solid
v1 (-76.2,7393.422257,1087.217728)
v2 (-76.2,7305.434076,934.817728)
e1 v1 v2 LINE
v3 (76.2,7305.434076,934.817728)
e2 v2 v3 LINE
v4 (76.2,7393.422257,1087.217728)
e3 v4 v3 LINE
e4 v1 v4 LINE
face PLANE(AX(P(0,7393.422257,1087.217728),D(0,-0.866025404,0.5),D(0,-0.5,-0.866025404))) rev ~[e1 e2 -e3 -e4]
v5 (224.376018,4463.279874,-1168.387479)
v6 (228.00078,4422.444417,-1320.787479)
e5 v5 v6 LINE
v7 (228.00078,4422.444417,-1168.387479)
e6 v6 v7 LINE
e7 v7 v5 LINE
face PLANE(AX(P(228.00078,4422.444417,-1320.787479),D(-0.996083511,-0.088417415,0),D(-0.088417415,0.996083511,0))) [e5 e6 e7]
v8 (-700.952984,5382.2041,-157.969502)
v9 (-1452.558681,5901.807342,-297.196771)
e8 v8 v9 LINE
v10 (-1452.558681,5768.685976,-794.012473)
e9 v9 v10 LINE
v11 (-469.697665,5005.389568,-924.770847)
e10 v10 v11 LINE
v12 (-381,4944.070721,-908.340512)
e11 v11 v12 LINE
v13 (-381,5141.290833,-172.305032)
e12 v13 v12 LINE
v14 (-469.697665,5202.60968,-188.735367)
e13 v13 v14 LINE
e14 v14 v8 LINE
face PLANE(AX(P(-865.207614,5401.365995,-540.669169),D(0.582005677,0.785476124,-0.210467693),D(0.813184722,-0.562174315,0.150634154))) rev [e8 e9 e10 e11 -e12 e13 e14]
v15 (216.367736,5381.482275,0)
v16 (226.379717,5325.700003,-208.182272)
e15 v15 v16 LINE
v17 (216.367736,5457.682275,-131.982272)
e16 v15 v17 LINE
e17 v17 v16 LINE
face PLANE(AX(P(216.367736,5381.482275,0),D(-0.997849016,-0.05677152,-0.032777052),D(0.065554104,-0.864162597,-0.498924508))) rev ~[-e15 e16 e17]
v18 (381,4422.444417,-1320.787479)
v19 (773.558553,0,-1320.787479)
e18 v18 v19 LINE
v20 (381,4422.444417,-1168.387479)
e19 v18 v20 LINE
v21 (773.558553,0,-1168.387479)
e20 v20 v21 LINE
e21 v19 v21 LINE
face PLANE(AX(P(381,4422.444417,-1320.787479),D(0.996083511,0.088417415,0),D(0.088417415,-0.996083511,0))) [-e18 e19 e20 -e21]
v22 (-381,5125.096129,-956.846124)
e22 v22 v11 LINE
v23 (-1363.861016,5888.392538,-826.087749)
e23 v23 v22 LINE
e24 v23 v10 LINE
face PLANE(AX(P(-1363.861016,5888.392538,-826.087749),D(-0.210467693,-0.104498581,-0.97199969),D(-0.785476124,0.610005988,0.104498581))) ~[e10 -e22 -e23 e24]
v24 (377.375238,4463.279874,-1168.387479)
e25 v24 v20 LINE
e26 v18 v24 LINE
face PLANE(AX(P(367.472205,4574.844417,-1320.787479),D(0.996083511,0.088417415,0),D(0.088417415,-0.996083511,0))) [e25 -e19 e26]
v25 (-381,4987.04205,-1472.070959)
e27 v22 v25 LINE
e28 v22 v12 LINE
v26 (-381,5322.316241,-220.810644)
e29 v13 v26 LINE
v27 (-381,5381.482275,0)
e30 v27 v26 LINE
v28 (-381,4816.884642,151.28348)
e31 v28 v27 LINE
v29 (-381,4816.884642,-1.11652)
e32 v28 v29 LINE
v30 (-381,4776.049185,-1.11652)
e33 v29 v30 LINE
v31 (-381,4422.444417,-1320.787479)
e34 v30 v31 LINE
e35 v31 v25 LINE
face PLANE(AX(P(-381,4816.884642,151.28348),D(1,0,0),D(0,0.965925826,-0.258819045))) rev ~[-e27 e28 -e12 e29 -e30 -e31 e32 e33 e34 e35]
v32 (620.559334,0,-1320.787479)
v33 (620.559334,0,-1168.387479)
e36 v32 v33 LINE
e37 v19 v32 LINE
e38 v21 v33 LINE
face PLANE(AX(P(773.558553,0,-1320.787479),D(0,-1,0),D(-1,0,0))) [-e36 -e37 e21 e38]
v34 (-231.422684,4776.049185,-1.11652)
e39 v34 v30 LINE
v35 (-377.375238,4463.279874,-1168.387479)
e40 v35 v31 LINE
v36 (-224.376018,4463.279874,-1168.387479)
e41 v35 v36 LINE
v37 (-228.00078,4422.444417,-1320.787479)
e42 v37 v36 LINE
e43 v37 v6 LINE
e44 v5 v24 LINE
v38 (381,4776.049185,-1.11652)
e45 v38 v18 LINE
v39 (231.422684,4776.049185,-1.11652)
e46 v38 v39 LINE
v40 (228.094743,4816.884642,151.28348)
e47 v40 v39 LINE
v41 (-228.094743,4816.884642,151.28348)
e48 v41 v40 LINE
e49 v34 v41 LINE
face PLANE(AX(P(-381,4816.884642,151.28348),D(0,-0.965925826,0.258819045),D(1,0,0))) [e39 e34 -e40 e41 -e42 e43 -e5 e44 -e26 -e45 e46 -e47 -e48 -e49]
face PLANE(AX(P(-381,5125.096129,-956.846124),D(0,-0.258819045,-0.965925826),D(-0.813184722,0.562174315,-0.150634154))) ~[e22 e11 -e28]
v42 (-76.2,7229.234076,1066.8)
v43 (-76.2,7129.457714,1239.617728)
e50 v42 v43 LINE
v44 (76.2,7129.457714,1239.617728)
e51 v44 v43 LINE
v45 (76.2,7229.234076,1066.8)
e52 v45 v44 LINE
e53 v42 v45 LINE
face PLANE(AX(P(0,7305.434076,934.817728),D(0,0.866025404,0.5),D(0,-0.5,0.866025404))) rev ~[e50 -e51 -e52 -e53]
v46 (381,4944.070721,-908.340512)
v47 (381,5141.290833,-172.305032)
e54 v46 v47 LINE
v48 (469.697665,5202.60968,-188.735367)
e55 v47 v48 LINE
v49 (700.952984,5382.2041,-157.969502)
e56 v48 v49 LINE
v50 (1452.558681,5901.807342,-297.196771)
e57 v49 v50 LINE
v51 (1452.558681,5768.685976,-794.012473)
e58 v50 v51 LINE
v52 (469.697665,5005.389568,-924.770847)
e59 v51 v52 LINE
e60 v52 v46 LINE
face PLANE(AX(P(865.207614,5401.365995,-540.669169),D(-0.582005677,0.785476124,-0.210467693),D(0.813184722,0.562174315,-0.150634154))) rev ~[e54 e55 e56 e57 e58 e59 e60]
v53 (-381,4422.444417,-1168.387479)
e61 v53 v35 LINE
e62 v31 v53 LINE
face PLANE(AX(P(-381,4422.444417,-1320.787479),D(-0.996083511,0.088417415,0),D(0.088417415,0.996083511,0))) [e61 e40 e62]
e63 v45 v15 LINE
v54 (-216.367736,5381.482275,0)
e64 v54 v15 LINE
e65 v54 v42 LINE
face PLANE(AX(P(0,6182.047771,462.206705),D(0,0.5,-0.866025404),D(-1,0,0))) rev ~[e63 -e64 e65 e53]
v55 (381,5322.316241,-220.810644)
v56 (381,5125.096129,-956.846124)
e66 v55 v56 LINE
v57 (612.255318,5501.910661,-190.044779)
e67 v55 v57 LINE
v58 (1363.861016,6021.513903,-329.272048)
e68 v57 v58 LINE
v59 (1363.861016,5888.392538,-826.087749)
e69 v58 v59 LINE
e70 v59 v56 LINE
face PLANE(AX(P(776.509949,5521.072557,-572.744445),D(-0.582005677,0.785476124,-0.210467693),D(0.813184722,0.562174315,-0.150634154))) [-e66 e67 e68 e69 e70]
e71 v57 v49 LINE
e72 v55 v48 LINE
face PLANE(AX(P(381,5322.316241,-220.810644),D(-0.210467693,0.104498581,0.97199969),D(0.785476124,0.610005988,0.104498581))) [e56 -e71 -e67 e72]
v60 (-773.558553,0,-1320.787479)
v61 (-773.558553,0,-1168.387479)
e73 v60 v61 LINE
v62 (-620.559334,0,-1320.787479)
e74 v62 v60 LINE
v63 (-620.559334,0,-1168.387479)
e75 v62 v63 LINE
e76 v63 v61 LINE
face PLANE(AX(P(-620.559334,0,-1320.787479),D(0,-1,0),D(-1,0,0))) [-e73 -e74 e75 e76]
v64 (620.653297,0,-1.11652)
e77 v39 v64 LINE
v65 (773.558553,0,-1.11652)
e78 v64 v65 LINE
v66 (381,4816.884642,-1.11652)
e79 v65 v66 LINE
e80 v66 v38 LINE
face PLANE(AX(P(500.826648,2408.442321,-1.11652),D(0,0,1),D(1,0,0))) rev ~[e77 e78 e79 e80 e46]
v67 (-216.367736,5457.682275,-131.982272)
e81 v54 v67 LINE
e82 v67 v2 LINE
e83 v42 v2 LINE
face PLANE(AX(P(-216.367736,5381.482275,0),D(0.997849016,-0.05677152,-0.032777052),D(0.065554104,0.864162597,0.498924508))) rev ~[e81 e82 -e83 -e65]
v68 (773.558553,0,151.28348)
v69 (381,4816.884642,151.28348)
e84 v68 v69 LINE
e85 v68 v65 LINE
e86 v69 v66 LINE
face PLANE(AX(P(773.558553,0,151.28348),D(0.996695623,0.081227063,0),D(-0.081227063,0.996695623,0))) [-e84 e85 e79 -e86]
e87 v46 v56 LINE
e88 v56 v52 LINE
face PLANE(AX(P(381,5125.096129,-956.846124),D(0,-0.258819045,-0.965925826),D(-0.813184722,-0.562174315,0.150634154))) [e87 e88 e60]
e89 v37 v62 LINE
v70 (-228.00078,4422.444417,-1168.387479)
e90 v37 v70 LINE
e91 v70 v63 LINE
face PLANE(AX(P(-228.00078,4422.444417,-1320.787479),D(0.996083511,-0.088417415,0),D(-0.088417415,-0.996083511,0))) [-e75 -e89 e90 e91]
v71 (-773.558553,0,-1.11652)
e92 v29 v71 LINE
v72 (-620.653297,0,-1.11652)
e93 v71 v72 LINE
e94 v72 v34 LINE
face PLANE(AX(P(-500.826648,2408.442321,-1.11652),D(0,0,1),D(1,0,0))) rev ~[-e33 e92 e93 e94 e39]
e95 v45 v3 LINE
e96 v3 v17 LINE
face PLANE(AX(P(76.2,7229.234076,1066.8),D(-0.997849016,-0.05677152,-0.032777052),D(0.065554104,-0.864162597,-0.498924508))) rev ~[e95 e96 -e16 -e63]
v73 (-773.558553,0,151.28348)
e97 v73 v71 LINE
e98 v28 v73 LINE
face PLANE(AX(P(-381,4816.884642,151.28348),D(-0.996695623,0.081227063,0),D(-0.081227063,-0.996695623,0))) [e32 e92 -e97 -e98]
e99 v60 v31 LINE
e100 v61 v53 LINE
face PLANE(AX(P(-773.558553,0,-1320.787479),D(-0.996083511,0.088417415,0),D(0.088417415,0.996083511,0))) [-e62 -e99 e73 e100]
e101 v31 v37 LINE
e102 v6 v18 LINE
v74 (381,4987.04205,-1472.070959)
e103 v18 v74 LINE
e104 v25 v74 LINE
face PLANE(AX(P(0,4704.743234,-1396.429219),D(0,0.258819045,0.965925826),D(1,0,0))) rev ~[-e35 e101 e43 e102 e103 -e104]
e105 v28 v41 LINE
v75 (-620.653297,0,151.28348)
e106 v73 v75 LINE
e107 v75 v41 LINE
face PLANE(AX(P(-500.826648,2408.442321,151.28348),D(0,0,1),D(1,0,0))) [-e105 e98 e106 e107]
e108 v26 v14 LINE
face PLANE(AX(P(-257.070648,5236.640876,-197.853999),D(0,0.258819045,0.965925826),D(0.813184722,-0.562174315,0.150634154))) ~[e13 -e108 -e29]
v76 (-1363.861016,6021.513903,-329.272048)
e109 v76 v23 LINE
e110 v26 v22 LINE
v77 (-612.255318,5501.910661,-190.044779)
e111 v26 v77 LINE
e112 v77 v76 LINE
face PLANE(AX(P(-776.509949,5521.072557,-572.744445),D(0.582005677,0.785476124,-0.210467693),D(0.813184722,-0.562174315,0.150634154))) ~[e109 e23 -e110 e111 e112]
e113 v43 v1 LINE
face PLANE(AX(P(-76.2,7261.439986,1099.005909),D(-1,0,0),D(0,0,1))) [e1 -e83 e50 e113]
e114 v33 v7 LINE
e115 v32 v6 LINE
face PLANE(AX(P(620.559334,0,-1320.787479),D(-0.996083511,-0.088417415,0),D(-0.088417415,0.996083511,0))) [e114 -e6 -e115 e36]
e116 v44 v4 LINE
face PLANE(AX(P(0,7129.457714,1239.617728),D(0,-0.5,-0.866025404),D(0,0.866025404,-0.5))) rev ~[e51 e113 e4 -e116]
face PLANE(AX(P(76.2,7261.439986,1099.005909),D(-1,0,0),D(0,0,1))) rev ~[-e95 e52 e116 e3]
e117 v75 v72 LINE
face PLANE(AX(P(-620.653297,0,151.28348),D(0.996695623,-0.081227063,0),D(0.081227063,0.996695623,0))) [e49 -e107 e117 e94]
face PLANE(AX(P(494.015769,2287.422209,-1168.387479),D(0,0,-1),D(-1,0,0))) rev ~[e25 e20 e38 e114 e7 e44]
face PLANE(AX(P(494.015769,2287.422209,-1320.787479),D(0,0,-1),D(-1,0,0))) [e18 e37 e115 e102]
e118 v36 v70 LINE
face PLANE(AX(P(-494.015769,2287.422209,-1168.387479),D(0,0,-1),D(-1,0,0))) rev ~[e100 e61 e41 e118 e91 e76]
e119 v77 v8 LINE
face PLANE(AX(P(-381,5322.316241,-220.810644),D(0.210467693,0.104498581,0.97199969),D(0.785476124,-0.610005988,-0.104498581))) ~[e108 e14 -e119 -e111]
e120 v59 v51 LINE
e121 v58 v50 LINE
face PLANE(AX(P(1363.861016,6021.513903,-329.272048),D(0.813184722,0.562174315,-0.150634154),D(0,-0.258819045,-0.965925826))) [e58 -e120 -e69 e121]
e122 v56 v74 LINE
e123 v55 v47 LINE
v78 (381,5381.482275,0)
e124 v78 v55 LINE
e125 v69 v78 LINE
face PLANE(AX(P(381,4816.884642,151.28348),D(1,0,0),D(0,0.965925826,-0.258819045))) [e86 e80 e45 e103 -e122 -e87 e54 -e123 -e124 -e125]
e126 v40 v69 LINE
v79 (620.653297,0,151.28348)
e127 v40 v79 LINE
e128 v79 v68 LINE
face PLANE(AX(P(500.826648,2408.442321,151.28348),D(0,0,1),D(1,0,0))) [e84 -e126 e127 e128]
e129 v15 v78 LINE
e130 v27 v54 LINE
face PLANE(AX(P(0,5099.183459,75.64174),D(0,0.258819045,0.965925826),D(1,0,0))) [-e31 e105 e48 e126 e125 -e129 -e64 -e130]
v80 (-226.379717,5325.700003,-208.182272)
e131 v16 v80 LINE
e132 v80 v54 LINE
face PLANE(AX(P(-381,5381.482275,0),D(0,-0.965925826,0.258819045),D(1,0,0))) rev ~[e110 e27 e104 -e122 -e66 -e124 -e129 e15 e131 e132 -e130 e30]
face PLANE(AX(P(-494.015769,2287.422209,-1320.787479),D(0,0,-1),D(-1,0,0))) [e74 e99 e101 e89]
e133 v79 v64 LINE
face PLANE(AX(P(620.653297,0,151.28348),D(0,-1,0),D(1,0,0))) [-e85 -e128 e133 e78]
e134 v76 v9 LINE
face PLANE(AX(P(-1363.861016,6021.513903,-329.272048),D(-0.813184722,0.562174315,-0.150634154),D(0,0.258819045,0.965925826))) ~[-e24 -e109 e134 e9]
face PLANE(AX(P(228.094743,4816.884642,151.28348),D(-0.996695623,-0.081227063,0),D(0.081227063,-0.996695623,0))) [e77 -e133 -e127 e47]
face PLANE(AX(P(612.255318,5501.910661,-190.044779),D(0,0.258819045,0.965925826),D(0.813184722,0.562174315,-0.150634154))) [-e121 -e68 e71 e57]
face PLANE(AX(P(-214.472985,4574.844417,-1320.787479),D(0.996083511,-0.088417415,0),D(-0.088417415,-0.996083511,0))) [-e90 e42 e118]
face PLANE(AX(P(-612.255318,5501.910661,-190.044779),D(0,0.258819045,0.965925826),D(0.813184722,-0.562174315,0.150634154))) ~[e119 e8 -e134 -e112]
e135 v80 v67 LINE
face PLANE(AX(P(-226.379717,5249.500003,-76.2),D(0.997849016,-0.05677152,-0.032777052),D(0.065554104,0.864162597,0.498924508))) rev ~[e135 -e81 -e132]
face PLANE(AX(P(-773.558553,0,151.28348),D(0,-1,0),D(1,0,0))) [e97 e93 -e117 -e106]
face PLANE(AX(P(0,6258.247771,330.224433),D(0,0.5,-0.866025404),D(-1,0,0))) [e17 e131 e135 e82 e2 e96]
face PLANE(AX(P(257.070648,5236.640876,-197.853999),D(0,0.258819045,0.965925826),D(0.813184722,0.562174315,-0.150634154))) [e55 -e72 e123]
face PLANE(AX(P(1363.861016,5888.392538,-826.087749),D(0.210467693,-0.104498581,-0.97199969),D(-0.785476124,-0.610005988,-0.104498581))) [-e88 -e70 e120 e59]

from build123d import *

# Parameters (mm, degrees)
SKETCH9_W            = 762
SKETCH9_H            = 584.514480793
BOSS_EXTRUDE6_DEPTH  = 1524
BOSS_EXTRUDE7_DEPTH  = 152.4
BOSS_EXTRUDE8_DEPTH  = 152.4
BOSS_EXTRUDE11_DEPTH = 76.2
BOSS_EXTRUDE9_DEPTH  = 152.4
BOSS_EXTRUDE10_DEPTH = 152.4


with BuildPart() as part:
    # Sketch9 → Boss-Extrude6 (new body)
    with BuildSketch(Plane(origin=(0, 360.490957412, 1345.370568731), x_dir=(1, 0, 0), z_dir=(0, 0.25881904510252135, 0.9659258262890681))):
        with Locations((0, 4905.855472671)):
            Rectangle(SKETCH9_W, SKETCH9_H)
    extrude(amount=-BOSS_EXTRUDE6_DEPTH)

    # Sketch3 → Boss-Extrude7 (add)
    with BuildSketch(Plane(origin=(-2331.096675302, 3146.053127226, -842.982394786), x_dir=(0.8131847216037706, 0.5621743148677428, -0.15063415367433172), z_dir=(-0.5820056774209321, 0.785476124140768, -0.2104676931374475))):
        Polygon((3335.15448981, -1164.230103632), (3619.536761347, -1240.430103632), (4543.811009791, -1240.430103632), (4543.811009791, -726.088642088), (3335.15448981, -402.230103632), (3182.75448981, -402.230103632), (3182.75448981, -1164.230103632), align=None)
    boss_extrude7 = extrude(amount=-BOSS_EXTRUDE7_DEPTH)

    # Mirror1: Boss-Extrude7 across plane
    add(boss_extrude7.mirror(Plane(origin=(0, 0, 0), x_dir=(0, 0, 1), z_dir=(1, 0, 0))))

    # Sketch4 → Boss-Extrude8 (add)
    with BuildSketch(Plane(origin=(0, 1345.370568731, -2330.250180051), x_dir=(1, 0, 0), z_dir=(0, -0.500000000000001, 0.866025403784438))):
        Polygon((-216.36773556, 4660.500360101), (-76.2, 6794.100360101), (76.2, 6794.100360101), (216.36773556, 4660.500360101), (226.379716672, 4508.100360101), (-226.379716672, 4508.100360101), align=None)
    extrude(amount=-BOSS_EXTRUDE8_DEPTH)

    # Sketch13 → Boss-Extrude11 (add, symmetric)
    with BuildSketch(Plane(origin=(0, 0, 0), x_dir=(0, 0, -1), z_dir=(1, 0, 0))):
        Polygon((-934.817728463, 7305.43407644), (-1239.617728463, 7129.457714391), (-1087.217728463, 7393.422257464), align=None)
    extrude(amount=BOSS_EXTRUDE11_DEPTH, both=True)

    # Sketch10 → Boss-Extrude9 (add)
    with BuildSketch(Plane.XY.offset(151.283479767)):
        Polygon((-381, 4816.884642088), (-773.558553377, 0), (-620.653296714, 0), (-228.094743337, 4816.884642088), align=None)
        Polygon((773.558553377, 0), (381, 4816.884642088), (228.094743337, 4816.884642088), (620.653296714, 0), align=None)
    extrude(amount=-BOSS_EXTRUDE9_DEPTH)

    # Sketch12 → Boss-Extrude10 (add)
    with BuildSketch(Plane.XY.offset(-1320.787479497)):
        Polygon((381, 4422.444417351), (773.558553377, 0), (620.559333608, 0), (228.00078023, 4422.444417351), (214.472984765, 4574.844417351), (367.472204535, 4574.844417351), align=None)
        Polygon((-773.558553377, 0), (-381, 4422.444417351), (-367.472204535, 4574.844417351), (-214.472984765, 4574.844417351), (-228.00078023, 4422.444417351), (-620.559333608, 0), align=None)
    extrude(amount=BOSS_EXTRUDE10_DEPTH)


solid = part.part
